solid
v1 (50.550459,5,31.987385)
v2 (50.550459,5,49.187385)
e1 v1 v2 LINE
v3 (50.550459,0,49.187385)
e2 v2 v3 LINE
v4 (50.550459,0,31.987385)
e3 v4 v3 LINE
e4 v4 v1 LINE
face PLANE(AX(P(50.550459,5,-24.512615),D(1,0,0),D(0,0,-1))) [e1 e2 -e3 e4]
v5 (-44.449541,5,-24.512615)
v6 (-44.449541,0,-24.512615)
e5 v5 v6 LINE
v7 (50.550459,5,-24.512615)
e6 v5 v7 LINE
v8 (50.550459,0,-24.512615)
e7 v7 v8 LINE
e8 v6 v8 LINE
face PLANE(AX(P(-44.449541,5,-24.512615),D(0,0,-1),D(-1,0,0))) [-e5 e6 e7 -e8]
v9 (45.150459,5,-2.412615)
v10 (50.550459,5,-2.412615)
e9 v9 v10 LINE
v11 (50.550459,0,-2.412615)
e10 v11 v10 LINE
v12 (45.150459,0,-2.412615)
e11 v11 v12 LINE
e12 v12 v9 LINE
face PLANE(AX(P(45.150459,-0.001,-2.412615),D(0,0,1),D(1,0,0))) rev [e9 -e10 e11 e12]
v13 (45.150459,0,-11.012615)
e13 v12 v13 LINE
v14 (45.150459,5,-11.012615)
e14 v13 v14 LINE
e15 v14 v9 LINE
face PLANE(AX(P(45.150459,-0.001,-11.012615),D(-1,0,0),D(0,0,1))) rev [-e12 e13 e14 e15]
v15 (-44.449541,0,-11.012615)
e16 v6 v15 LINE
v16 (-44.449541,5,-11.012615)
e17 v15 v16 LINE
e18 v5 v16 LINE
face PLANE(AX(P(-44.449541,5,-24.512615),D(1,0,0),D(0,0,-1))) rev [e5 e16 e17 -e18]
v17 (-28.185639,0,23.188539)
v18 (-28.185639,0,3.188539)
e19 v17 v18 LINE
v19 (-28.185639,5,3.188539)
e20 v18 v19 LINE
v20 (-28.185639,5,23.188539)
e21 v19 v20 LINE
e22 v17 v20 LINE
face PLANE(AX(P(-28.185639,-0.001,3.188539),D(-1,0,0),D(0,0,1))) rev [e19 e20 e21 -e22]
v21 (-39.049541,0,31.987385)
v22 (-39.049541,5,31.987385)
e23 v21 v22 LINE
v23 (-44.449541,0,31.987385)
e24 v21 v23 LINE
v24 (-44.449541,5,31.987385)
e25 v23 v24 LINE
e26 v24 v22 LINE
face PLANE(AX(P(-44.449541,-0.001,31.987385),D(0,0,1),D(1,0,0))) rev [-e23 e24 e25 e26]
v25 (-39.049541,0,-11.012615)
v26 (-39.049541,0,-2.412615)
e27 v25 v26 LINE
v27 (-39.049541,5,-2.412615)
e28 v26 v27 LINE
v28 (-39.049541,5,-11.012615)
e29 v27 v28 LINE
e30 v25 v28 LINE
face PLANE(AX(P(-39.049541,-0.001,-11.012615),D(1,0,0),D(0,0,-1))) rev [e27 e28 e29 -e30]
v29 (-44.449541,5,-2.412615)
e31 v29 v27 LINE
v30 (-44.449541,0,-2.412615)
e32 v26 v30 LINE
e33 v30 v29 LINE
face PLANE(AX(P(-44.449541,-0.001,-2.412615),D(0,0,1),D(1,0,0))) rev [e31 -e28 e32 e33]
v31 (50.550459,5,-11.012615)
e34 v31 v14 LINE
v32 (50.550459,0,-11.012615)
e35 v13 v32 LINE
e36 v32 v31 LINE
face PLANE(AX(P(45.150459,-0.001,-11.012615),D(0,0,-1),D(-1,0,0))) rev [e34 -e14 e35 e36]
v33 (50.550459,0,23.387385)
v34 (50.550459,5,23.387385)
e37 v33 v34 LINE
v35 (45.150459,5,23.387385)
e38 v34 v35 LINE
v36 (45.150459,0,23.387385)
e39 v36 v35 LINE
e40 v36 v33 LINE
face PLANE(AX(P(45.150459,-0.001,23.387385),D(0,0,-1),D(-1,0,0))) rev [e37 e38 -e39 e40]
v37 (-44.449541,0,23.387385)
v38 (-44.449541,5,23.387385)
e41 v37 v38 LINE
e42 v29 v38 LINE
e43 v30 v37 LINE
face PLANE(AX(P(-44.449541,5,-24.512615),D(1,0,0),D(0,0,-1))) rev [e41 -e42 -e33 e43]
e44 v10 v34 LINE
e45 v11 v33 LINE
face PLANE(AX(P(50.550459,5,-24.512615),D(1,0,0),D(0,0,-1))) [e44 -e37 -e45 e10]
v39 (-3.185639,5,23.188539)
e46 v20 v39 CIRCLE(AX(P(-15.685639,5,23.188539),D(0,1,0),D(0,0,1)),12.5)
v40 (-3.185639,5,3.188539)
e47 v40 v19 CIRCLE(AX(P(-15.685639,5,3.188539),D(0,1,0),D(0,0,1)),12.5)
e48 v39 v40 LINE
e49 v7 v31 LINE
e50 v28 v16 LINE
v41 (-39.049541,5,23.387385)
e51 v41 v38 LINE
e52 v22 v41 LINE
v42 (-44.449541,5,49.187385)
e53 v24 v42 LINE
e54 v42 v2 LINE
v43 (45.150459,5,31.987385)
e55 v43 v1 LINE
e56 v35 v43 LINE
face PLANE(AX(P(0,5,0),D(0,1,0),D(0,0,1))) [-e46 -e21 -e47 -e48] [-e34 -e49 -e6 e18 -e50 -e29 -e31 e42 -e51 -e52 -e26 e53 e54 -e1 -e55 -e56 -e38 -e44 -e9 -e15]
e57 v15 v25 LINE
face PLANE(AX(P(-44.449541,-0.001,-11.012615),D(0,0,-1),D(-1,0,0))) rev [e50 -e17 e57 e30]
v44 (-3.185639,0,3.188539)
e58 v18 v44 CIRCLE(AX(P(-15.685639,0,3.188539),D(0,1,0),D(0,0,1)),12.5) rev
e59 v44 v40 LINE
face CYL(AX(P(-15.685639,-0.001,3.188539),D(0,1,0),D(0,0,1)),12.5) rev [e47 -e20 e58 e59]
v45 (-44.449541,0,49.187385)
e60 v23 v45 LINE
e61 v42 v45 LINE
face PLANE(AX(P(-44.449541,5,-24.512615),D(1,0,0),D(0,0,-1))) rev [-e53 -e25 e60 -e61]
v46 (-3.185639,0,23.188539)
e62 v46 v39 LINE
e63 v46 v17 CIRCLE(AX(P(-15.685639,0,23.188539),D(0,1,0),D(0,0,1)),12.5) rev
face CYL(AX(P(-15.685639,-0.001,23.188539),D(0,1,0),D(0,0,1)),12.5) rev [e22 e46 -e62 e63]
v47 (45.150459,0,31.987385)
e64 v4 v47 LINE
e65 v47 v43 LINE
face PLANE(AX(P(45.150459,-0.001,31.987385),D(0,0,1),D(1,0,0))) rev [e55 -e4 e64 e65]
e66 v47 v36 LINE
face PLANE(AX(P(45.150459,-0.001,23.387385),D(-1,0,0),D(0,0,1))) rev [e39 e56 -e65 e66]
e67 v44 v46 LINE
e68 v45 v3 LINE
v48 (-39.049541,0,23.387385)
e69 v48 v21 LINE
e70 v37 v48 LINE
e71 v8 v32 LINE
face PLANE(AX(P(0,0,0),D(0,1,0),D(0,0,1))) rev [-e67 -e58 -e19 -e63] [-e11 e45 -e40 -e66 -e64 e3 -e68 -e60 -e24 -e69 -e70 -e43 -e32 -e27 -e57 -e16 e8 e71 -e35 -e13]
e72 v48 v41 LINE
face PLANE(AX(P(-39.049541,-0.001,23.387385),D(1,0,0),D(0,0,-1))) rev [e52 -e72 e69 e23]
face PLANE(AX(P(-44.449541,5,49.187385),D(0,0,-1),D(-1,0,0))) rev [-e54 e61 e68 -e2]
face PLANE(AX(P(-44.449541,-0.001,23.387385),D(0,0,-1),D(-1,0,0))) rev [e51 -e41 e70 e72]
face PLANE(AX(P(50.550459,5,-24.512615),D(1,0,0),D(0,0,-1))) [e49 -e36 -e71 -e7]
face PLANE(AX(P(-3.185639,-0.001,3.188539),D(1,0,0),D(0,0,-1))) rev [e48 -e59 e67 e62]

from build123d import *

# Parameters (mm, degrees)
SKETCH1_W           = 95
SKETCH1_H           = 73.7
BOSS_EXTRUDE1_DEPTH = 5
CUT_EXTRUDE1_REACH  = 7
SKETCH2_W           = 5.4
SKETCH2_H           = 8.6
CUT_EXTRUDE2_REACH  = 7


with BuildPart() as part:
    # Sketch1 → Boss-Extrude1 (new body)
    with BuildSketch(Plane(origin=(0, 0, 0), x_dir=(1, 0, 0), z_dir=(0, 1, 0))):
        with Locations((3.050458716, -12.337385321)):
            Rectangle(SKETCH1_W, SKETCH1_H)
    extrude(amount=BOSS_EXTRUDE1_DEPTH)

    # Sketch2 → Cut-Extrude1 (cut, up to next)
    with BuildSketch(Plane(origin=(0, 5, 0), x_dir=(1, 0, 0), z_dir=(0, 1, 0)), mode=Mode.PRIVATE) as cut_extrude1_sk1:
        with Locations((-41.749541284, 6.712614679)):
            Rectangle(SKETCH2_W, SKETCH2_H)
    cut_extrude1_tool1 = extrude(cut_extrude1_sk1.sketch, amount=-CUT_EXTRUDE1_REACH, mode=Mode.PRIVATE) & part.part
    add(cut_extrude1_tool1.solids().sort_by_distance((-41.749541, 5, -6.712615))[0], mode=Mode.SUBTRACT)
    # Sketch2 → Cut-Extrude1 (cut, up to next)
    with BuildSketch(Plane(origin=(0, 5, 0), x_dir=(1, 0, 0), z_dir=(0, 1, 0)), mode=Mode.PRIVATE) as cut_extrude1_sk2:
        with Locations((-41.749541284, -27.687385321)):
            Rectangle(SKETCH2_W, SKETCH2_H)
    cut_extrude1_tool2 = extrude(cut_extrude1_sk2.sketch, amount=-CUT_EXTRUDE1_REACH, mode=Mode.PRIVATE) & part.part
    add(cut_extrude1_tool2.solids().sort_by_distance((-41.749541, 5, 27.687385))[0], mode=Mode.SUBTRACT)
    # Sketch2 → Cut-Extrude1 (cut, up to next)
    with BuildSketch(Plane(origin=(0, 5, 0), x_dir=(1, 0, 0), z_dir=(0, 1, 0)), mode=Mode.PRIVATE) as cut_extrude1_sk3:
        with Locations((47.850458716, 6.712614679)):
            Rectangle(SKETCH2_W, SKETCH2_H)
    cut_extrude1_tool3 = extrude(cut_extrude1_sk3.sketch, amount=-CUT_EXTRUDE1_REACH, mode=Mode.PRIVATE) & part.part
    add(cut_extrude1_tool3.solids().sort_by_distance((47.850459, 5, -6.712615))[0], mode=Mode.SUBTRACT)
    # Sketch2 → Cut-Extrude1 (cut, up to next)
    with BuildSketch(Plane(origin=(0, 5, 0), x_dir=(1, 0, 0), z_dir=(0, 1, 0)), mode=Mode.PRIVATE) as cut_extrude1_sk4:
        with Locations((47.850458716, -27.687385321)):
            Rectangle(SKETCH2_W, SKETCH2_H)
    cut_extrude1_tool4 = extrude(cut_extrude1_sk4.sketch, amount=-CUT_EXTRUDE1_REACH, mode=Mode.PRIVATE) & part.part
    add(cut_extrude1_tool4.solids().sort_by_distance((47.850459, 5, 27.687385))[0], mode=Mode.SUBTRACT)

    # Sketch3 → Cut-Extrude2 (cut, up to next)
    with BuildSketch(Plane(origin=(0, 5, 0), x_dir=(1, 0, 0), z_dir=(0, 1, 0)), mode=Mode.PRIVATE) as cut_extrude2_sk1:
        with BuildLine():
            Line((-3.185639247, -3.188538713), (-3.185639247, -23.188538713))
            ThreePointArc((-3.185639247, -23.188538713), (-15.685639247, -35.688538713), (-28.185639247, -23.188538713))
            Line((-28.185639247, -23.188538713), (-28.185639247, -3.188538713))
            ThreePointArc((-28.185639247, -3.188538713), (-15.685639247, 9.311461287), (-3.185639247, -3.188538713))
        make_face()
    cut_extrude2_tool1 = extrude(cut_extrude2_sk1.sketch, amount=-CUT_EXTRUDE2_REACH, mode=Mode.PRIVATE) & part.part
    add(cut_extrude2_tool1.solids().sort_by_distance((-15.685639, 5, 13.188539))[0], mode=Mode.SUBTRACT)


solid = part.part
